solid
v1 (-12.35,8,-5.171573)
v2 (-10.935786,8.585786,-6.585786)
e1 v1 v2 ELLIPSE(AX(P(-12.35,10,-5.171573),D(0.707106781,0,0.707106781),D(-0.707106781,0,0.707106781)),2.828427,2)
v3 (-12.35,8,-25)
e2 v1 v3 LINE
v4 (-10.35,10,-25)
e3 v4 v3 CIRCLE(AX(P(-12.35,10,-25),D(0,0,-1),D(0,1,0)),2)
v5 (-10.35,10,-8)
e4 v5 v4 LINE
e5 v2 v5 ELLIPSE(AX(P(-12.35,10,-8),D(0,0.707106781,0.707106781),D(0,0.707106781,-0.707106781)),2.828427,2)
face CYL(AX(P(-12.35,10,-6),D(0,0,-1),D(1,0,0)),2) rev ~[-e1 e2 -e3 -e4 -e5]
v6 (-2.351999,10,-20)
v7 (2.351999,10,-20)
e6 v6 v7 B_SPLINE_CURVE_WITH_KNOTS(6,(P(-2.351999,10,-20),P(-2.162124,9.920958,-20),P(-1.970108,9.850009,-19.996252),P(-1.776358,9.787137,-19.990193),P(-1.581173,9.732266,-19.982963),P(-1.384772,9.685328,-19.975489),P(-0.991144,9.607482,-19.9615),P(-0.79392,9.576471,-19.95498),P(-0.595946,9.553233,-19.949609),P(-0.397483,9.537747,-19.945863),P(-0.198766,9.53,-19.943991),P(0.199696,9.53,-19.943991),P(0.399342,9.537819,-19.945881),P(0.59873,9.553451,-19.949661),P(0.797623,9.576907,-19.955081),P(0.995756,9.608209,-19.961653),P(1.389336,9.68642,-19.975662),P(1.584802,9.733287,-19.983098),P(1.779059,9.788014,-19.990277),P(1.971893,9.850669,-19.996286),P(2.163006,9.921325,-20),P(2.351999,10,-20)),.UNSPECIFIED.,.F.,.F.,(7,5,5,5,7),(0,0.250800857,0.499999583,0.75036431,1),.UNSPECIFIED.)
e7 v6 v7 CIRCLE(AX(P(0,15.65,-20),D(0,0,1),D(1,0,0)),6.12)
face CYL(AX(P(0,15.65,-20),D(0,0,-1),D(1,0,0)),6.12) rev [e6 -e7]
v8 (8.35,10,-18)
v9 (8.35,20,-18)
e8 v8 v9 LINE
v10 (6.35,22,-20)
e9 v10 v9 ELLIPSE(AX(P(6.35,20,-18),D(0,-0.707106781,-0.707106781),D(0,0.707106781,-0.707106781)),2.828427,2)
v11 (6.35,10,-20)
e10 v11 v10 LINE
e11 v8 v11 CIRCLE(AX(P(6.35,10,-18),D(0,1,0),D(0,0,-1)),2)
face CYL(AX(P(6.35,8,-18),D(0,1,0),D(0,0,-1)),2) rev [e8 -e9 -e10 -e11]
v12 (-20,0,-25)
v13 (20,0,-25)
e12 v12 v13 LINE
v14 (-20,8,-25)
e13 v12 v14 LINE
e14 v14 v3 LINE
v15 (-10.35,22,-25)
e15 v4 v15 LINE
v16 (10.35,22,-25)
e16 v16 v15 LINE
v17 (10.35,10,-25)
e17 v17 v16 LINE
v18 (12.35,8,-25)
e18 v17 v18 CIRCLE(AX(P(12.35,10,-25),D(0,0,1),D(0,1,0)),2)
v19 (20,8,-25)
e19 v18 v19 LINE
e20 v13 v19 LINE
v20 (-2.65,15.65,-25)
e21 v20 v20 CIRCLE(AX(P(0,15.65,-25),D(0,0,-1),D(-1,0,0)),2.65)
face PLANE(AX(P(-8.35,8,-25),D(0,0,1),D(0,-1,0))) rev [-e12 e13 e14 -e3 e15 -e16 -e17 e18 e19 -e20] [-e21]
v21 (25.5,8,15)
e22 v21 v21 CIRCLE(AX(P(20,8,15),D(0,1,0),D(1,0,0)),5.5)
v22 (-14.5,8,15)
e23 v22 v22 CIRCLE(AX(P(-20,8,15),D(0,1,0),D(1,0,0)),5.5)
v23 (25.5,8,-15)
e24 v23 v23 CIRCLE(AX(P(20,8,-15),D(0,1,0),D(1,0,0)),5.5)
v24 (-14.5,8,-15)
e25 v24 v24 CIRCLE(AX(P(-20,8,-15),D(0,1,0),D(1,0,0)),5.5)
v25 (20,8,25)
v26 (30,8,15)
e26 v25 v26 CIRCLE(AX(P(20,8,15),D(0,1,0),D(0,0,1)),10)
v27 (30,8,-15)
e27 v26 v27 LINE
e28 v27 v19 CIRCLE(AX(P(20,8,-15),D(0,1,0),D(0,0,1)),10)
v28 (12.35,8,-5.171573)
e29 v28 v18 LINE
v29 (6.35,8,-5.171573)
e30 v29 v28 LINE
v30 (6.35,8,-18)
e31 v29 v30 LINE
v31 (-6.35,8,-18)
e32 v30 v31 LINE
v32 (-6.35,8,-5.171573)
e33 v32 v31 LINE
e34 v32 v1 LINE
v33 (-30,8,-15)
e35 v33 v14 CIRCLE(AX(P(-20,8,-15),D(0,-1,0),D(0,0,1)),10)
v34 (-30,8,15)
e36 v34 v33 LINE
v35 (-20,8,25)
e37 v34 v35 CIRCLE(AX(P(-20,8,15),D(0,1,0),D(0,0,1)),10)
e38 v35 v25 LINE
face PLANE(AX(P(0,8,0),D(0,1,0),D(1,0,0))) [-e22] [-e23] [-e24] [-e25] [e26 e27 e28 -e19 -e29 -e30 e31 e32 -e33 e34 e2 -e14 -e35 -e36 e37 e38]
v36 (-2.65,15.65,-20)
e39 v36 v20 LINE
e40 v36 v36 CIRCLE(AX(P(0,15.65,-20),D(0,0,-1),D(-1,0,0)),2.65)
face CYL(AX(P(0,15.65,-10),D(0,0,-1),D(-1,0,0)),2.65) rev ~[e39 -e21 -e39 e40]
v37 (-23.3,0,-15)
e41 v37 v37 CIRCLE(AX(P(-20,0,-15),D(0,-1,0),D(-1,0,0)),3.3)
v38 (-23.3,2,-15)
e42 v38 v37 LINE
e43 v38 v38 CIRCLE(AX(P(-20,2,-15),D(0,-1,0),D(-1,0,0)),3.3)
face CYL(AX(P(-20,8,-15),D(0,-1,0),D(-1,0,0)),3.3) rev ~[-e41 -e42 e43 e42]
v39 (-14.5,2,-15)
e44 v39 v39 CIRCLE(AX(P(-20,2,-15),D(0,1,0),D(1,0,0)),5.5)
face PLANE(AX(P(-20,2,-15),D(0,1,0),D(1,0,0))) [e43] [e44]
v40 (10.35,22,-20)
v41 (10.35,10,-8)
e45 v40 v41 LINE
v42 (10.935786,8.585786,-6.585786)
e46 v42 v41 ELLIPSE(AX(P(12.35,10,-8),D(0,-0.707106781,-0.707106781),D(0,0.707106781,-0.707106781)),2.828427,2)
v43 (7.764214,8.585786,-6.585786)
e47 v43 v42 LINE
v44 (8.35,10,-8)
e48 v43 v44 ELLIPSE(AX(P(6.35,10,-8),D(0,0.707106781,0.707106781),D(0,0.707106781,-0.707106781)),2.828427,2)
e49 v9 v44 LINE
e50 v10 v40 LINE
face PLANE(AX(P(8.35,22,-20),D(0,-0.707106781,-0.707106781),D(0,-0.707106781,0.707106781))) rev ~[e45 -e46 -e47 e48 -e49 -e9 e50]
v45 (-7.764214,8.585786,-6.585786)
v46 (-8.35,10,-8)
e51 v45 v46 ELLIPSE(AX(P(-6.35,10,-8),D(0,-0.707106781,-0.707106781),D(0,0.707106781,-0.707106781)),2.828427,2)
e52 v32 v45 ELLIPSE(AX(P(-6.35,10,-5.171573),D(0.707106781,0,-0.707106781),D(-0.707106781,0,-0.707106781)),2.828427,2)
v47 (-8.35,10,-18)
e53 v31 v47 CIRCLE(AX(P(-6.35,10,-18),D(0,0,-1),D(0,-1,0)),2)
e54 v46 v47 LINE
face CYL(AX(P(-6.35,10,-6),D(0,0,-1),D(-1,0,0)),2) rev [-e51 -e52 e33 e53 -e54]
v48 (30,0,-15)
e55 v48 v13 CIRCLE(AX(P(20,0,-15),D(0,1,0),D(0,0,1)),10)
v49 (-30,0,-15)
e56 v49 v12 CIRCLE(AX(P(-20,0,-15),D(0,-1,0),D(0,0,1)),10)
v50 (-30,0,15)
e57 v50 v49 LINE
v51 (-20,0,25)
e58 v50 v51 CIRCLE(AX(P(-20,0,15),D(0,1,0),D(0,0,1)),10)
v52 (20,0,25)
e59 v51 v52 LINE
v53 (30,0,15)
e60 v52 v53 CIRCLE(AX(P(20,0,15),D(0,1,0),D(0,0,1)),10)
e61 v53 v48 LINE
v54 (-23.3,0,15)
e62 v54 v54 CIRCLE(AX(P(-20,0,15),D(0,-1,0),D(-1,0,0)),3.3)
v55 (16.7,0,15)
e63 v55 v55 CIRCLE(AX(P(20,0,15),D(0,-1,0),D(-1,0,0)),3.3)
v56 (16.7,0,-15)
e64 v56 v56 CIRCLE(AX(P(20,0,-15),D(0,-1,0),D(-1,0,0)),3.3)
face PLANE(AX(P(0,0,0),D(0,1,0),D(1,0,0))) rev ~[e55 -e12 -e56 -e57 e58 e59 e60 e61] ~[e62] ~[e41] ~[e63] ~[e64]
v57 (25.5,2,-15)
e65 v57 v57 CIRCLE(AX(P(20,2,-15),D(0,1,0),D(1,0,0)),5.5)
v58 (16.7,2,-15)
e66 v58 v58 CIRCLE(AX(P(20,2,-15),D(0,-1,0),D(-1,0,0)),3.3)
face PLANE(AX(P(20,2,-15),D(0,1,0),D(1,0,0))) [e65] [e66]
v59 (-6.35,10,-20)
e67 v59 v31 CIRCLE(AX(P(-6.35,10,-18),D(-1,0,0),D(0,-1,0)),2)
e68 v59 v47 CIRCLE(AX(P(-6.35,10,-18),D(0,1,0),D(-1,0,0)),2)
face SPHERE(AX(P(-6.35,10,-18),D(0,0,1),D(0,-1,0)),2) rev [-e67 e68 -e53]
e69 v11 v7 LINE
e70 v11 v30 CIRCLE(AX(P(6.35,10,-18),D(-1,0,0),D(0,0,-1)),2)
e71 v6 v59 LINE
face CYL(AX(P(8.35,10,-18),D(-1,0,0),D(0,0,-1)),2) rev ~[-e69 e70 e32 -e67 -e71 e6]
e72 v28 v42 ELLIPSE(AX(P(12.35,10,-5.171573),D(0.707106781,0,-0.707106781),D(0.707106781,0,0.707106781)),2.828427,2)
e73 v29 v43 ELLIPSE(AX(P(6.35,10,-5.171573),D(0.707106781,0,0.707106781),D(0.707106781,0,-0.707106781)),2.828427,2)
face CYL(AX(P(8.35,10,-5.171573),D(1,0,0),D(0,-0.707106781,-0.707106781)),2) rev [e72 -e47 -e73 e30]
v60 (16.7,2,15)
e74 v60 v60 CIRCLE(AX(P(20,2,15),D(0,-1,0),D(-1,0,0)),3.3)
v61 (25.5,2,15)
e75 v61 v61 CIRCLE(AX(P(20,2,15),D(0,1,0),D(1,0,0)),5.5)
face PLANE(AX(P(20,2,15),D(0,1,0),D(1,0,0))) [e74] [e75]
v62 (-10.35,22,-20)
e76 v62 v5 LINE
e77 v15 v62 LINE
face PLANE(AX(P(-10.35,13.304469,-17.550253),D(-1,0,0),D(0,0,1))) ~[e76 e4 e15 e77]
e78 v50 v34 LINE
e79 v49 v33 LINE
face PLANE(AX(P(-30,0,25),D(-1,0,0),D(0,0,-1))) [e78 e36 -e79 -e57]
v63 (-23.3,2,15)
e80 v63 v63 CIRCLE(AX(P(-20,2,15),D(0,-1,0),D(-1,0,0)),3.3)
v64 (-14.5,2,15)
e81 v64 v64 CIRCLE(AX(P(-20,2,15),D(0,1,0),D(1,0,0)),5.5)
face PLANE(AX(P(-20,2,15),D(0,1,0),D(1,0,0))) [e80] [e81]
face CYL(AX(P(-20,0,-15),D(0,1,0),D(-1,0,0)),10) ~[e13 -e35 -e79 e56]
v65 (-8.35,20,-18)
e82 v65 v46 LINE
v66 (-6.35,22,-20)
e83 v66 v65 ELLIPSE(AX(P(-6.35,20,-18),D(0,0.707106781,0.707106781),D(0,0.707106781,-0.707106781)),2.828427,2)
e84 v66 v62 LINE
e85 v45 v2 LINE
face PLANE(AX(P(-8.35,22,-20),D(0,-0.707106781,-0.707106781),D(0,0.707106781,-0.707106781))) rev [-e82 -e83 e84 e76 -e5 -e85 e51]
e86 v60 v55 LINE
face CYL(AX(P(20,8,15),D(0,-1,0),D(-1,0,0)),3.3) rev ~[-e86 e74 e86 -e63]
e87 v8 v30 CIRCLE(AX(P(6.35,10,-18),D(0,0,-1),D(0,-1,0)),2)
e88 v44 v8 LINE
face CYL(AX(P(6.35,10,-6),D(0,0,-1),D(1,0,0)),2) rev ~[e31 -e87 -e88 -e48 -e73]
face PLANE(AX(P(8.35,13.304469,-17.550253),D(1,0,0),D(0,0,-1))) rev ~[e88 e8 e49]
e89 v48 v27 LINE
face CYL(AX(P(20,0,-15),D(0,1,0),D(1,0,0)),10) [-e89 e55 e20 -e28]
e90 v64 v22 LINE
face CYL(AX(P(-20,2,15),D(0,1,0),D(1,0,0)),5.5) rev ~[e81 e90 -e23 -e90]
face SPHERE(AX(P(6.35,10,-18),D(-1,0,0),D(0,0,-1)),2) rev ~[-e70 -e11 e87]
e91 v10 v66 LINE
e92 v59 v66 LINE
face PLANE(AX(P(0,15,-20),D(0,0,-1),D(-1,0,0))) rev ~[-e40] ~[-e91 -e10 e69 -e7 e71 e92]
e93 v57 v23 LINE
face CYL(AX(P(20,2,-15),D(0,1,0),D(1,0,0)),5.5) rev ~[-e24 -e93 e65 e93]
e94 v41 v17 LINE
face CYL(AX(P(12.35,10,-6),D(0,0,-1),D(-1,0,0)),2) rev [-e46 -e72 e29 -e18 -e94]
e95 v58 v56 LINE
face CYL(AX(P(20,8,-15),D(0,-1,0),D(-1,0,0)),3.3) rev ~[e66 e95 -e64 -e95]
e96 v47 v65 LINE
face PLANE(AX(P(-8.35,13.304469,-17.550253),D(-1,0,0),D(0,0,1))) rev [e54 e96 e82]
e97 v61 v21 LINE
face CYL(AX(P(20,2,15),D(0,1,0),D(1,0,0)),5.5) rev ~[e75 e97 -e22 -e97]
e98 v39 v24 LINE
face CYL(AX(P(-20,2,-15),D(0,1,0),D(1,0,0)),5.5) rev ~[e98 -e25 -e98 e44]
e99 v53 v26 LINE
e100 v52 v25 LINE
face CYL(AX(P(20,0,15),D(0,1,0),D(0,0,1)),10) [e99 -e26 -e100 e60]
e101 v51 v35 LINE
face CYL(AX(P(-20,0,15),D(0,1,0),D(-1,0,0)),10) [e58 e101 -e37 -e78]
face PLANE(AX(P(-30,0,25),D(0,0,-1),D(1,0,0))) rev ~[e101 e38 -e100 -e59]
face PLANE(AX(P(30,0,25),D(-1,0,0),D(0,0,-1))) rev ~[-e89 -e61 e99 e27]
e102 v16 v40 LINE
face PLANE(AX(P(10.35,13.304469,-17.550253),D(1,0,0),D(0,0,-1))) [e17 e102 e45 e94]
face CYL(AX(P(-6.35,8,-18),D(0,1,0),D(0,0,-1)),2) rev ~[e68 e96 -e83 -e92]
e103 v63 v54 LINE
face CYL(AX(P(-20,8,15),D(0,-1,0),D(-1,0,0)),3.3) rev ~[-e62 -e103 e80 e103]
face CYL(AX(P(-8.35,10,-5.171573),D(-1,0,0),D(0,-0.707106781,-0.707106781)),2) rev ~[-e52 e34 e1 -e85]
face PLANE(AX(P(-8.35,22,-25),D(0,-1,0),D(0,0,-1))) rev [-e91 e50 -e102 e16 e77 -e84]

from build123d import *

# Parameters (mm, degrees)
SKETCH1_W                      = 60
SKETCH1_H                      = 50
BOSS_EXTRUDE1_DEPTH            = 8
FILLET1_R                      = 10
CBORE_FOR_M6_SHCS1_D           = 6.6
CBORE_FOR_M6_SHCS1_DEPTH       = 10.1
CBORE_FOR_M6_SHCS1_CBORE_D     = 11
CBORE_FOR_M6_SHCS1_CBORE_DEPTH = 6
CBORE_FOR_M6_SHCS1_TIP         = 1.982840043
SKETCH4_W                      = 16.7
SKETCH4_H                      = 14
BOSS_EXTRUDE2_DEPTH            = 5
M5_CLEARANCE_HOLE1_D           = 5.3
M5_CLEARANCE_HOLE1_DEPTH       = 10
M5_CLEARANCE_HOLE1_TIP         = 1.59228064
BOSS_EXTRUDE3_DEPTH            = 2
FILLET2_R                      = 2
SKETCH8_R                      = 6.12
CUT_EXTRUDE1_DEPTH             = 59.386642308


with BuildPart() as part:
    # Sketch1 → Boss-Extrude1 (new body)
    with BuildSketch(Plane(origin=(0, 0, 0), x_dir=(1, 0, 0), z_dir=(0, 1, 0))):
        Rectangle(SKETCH1_W, SKETCH1_H)
    extrude(amount=BOSS_EXTRUDE1_DEPTH)

    # Fillet1
    fillet1_edges = [part.edges().sort_by_distance(p)[0] for p in [
        (30, 4, 25),
        (-30, 4, 25),
        (-30, 4, -25),
        (30, 4, -25),
    ]]
    fillet(fillet1_edges, radius=FILLET1_R)

    # CBORE for M6 SHCS1
    with Locations(Plane(origin=(0, 8, 0), x_dir=(1, 0, 0), z_dir=(0, 1, 0))):
        with Locations((-20, 15), (-20, -15), (20, -15), (20, 15)):
            CounterBoreHole(CBORE_FOR_M6_SHCS1_D / 2, CBORE_FOR_M6_SHCS1_CBORE_D / 2, CBORE_FOR_M6_SHCS1_CBORE_DEPTH, depth=CBORE_FOR_M6_SHCS1_DEPTH)
            with Locations((0, 0, -(CBORE_FOR_M6_SHCS1_DEPTH + CBORE_FOR_M6_SHCS1_TIP / 2))):  # 118° drill point
                Cone(0, CBORE_FOR_M6_SHCS1_D / 2, CBORE_FOR_M6_SHCS1_TIP, mode=Mode.SUBTRACT)

    # Sketch4 → Boss-Extrude2 (add)
    with BuildSketch(Plane(origin=(0, 0, -25), x_dir=(-1, 0, 0), z_dir=(0, 0, -1))):
        with Locations((0, 15)):
            Rectangle(SKETCH4_W, SKETCH4_H)
    extrude(amount=-BOSS_EXTRUDE2_DEPTH)

    # M5 Clearance Hole1
    with Locations(Plane.XY.offset(-20)):
        with Locations((0, 15.65)):
            Hole(M5_CLEARANCE_HOLE1_D / 2, depth=M5_CLEARANCE_HOLE1_DEPTH)
            with Locations((0, 0, -(M5_CLEARANCE_HOLE1_DEPTH + M5_CLEARANCE_HOLE1_TIP / 2))):  # 118° drill point
                Cone(0, M5_CLEARANCE_HOLE1_D / 2, M5_CLEARANCE_HOLE1_TIP, mode=Mode.SUBTRACT)

    # Sketch7 → Boss-Extrude3 (add)
    with BuildSketch(Plane(origin=(8.35, 0, 0), x_dir=(0, 0, -1), z_dir=(1, 0, 0))):
        Polygon((20, 22), (6, 8), (25, 8), (25, 22), align=None)
    boss_extrude3 = extrude(amount=BOSS_EXTRUDE3_DEPTH)

    # Mirror1: Boss-Extrude3 across plane
    add(boss_extrude3.mirror(Plane(origin=(0, 0, 0), x_dir=(0, 0, 1), z_dir=(1, 0, 0))))

    # Fillet2
    fillet2_edges = [part.edges().sort_by_distance(p)[0] for p in [
        (-10.35, 8, -15.5),
        (-9.35, 8, -6),
        (-8.35, 8, -13),
        (0, 8, -20),
        (8.35, 15, -20),
        (-8.35, 15, -20),
        (8.35, 8, -13),
        (9.35, 8, -6),
        (10.35, 8, -15.5),
    ]]
    fillet(fillet2_edges, radius=FILLET2_R)

    # Sketch8 → Cut-Extrude1 (cut, through all)
    with BuildSketch(Plane.XY.offset(-20)):
        with Locations((0, 15.65)):
            Circle(SKETCH8_R)
    extrude(amount=CUT_EXTRUDE1_DEPTH, mode=Mode.SUBTRACT)


solid = part.part
